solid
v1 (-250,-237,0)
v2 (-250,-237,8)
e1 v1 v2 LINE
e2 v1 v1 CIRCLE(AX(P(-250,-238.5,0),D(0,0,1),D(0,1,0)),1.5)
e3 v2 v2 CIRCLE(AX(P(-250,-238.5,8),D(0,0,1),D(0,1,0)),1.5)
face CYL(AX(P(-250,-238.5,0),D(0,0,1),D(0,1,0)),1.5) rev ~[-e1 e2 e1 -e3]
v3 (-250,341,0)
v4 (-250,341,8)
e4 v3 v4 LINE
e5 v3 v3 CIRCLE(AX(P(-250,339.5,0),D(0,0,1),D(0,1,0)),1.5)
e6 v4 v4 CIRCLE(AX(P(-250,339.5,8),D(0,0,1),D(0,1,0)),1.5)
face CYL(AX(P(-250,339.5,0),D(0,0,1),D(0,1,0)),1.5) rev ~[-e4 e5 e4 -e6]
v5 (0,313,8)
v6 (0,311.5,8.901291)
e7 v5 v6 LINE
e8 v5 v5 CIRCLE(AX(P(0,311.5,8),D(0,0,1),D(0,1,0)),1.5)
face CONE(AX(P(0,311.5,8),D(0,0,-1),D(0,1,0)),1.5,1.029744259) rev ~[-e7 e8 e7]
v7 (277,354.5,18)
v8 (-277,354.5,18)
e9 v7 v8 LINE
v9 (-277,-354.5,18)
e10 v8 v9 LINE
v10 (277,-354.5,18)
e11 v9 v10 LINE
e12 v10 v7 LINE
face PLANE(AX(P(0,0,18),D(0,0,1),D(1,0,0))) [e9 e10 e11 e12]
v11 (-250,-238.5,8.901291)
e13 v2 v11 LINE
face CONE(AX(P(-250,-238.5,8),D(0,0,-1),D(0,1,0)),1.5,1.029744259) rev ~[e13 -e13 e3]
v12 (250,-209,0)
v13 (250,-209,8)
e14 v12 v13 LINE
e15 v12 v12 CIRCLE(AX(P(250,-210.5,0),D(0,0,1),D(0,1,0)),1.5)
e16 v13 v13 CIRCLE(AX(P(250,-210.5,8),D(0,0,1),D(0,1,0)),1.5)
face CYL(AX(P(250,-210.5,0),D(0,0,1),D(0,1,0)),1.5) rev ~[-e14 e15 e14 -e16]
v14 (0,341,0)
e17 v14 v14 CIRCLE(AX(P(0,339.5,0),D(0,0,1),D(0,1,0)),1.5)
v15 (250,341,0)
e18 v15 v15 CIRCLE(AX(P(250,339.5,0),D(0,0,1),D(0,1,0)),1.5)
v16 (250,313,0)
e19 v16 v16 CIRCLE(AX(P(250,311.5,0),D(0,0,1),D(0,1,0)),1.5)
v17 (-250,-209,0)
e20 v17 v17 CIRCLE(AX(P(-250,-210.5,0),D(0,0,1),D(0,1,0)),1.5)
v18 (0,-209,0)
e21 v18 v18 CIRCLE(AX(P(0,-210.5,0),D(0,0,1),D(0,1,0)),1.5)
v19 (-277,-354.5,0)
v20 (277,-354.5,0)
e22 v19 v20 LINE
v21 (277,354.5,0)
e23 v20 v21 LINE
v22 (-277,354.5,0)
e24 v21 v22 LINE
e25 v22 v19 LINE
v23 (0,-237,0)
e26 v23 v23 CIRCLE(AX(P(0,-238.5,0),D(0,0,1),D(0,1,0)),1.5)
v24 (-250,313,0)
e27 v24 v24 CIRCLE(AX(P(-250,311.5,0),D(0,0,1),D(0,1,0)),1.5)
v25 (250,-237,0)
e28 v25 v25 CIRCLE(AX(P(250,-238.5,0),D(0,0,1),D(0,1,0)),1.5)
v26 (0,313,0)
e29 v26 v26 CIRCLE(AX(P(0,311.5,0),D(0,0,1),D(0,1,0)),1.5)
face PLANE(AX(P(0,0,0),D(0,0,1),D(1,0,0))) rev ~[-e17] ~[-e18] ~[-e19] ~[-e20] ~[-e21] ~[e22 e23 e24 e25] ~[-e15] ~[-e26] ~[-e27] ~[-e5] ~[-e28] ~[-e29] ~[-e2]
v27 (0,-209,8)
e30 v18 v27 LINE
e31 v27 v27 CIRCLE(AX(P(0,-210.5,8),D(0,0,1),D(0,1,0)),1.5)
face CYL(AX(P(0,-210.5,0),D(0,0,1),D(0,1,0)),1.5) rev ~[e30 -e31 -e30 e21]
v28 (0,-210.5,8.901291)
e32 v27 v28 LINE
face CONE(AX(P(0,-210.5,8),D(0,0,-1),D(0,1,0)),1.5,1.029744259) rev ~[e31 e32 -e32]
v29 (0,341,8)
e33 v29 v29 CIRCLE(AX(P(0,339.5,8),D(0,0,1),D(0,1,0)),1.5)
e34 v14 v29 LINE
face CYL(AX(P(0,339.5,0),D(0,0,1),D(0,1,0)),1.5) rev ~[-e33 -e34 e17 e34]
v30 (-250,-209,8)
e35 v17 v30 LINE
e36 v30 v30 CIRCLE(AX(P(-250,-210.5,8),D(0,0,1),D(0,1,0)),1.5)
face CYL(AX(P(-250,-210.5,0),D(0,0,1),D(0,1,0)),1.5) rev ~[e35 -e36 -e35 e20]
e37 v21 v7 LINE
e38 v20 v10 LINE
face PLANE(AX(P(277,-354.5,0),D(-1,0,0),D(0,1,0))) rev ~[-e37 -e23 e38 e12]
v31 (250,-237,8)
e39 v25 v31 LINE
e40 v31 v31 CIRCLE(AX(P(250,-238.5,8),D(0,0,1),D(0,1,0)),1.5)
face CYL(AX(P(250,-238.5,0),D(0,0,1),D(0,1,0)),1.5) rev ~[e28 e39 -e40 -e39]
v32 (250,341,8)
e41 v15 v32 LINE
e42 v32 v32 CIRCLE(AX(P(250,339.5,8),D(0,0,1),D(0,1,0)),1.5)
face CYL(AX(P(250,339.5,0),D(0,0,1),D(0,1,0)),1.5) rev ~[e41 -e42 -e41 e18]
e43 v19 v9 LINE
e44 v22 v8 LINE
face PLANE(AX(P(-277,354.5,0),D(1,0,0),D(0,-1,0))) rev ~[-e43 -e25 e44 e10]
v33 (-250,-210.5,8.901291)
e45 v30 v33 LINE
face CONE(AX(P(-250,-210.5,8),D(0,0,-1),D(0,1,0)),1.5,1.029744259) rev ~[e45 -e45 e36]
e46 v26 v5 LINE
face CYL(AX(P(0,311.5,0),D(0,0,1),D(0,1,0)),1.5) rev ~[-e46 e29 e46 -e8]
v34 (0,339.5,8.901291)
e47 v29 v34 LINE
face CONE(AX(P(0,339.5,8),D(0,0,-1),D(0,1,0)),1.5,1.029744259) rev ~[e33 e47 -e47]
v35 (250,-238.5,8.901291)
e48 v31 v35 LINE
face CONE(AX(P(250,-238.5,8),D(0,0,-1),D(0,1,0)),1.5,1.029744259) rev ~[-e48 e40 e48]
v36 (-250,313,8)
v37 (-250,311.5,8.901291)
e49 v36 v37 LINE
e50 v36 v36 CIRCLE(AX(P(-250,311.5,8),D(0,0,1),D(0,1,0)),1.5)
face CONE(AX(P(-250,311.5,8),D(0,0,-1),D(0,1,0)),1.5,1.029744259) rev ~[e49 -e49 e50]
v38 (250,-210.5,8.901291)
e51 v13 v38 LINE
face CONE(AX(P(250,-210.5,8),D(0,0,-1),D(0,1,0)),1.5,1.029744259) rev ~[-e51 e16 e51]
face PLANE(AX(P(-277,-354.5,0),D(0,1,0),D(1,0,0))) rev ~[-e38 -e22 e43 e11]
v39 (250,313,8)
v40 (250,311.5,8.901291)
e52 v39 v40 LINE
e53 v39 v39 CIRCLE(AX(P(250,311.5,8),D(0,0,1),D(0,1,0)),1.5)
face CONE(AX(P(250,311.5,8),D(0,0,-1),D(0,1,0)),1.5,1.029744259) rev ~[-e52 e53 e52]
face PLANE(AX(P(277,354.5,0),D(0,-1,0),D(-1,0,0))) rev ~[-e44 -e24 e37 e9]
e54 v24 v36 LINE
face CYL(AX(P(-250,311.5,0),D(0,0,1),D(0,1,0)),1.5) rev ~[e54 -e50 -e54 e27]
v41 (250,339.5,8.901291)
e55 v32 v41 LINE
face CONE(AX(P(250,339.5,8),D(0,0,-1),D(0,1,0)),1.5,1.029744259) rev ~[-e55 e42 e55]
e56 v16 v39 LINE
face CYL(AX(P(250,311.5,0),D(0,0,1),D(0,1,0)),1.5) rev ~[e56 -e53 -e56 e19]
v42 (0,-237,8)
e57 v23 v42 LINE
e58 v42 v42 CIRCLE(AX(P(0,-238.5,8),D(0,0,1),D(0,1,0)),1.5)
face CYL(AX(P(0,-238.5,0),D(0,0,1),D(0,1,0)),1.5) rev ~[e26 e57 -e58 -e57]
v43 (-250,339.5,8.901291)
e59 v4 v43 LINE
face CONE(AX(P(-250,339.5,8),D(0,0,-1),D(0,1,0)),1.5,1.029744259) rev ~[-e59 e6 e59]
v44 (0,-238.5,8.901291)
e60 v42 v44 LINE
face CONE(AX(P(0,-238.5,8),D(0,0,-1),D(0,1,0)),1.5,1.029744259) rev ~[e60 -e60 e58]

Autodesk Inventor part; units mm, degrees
ref_plane "YZ Plane" through (0, 0, 0) normal (1, 0, 0) x (0, 1, 0)
ref_plane "XZ Plane" through (0, 0, 0) normal (0, 1, 0) x (-1, 0, 0)
ref_plane "XY Plane" through (0, 0, 0) normal (0, 0, 1) x (1, 0, 0)
sketch "Sketch1" plane through (0, 0, 0) normal (0, 0, 1) x (1, 0, 0)
  line L0 (-277, -354.5) -> (277, -354.5)
  line L1 (277, -354.5) -> (277, 354.5)
  line L2 (277, 354.5) -> (-277, 354.5)
  line L3 (-277, 354.5) -> (-277, -354.5)
  line L4 (-277, -354.5) -> (277, 354.5) construction
  line L5 (277, -354.5) -> (-277, 354.5) construction
  line L6 (0, 0) -> (0, 354.5) construction
  line L7 (250, 311.5) -> (-250, 311.5) construction
  line L8 (-250, 311.5) -> (-250, 339.5) construction
  line L9 (-250, 339.5) -> (250, 339.5) construction
  line L10 (250, 339.5) -> (250, 311.5) construction
  line L11 (250, 311.5) -> (-250, 339.5) construction
  line L12 (-250, 311.5) -> (250, 339.5) construction
  point P0 (0, 325.5)
  point P1 (0, 311.5)
  point P2 (0, 339.5)
  dimension "d0" = 554
  dimension "d1" = 709
  dimension "d4" = 500
  dimension "d5" = 28
  dimension "d6" = 15
extrude "Extrusion1" add sketch "Sketch1" along normal blind 18
hole "Hole1" at (-250, 311.5, 0) at (-250, 339.5, 0) at (0, 311.5, 0) at (0, 339.5, 0) at (250, 339.5, 0) at (250, 311.5, 0) direction (0, 0, 1) diameter 3 depth 8 tip angle 118
pattern_linear "Rectangular Pattern1" count 2 spacing 550 along (0, -1, 0) of "Hole1"
properties part number "wozek_podstawa"
